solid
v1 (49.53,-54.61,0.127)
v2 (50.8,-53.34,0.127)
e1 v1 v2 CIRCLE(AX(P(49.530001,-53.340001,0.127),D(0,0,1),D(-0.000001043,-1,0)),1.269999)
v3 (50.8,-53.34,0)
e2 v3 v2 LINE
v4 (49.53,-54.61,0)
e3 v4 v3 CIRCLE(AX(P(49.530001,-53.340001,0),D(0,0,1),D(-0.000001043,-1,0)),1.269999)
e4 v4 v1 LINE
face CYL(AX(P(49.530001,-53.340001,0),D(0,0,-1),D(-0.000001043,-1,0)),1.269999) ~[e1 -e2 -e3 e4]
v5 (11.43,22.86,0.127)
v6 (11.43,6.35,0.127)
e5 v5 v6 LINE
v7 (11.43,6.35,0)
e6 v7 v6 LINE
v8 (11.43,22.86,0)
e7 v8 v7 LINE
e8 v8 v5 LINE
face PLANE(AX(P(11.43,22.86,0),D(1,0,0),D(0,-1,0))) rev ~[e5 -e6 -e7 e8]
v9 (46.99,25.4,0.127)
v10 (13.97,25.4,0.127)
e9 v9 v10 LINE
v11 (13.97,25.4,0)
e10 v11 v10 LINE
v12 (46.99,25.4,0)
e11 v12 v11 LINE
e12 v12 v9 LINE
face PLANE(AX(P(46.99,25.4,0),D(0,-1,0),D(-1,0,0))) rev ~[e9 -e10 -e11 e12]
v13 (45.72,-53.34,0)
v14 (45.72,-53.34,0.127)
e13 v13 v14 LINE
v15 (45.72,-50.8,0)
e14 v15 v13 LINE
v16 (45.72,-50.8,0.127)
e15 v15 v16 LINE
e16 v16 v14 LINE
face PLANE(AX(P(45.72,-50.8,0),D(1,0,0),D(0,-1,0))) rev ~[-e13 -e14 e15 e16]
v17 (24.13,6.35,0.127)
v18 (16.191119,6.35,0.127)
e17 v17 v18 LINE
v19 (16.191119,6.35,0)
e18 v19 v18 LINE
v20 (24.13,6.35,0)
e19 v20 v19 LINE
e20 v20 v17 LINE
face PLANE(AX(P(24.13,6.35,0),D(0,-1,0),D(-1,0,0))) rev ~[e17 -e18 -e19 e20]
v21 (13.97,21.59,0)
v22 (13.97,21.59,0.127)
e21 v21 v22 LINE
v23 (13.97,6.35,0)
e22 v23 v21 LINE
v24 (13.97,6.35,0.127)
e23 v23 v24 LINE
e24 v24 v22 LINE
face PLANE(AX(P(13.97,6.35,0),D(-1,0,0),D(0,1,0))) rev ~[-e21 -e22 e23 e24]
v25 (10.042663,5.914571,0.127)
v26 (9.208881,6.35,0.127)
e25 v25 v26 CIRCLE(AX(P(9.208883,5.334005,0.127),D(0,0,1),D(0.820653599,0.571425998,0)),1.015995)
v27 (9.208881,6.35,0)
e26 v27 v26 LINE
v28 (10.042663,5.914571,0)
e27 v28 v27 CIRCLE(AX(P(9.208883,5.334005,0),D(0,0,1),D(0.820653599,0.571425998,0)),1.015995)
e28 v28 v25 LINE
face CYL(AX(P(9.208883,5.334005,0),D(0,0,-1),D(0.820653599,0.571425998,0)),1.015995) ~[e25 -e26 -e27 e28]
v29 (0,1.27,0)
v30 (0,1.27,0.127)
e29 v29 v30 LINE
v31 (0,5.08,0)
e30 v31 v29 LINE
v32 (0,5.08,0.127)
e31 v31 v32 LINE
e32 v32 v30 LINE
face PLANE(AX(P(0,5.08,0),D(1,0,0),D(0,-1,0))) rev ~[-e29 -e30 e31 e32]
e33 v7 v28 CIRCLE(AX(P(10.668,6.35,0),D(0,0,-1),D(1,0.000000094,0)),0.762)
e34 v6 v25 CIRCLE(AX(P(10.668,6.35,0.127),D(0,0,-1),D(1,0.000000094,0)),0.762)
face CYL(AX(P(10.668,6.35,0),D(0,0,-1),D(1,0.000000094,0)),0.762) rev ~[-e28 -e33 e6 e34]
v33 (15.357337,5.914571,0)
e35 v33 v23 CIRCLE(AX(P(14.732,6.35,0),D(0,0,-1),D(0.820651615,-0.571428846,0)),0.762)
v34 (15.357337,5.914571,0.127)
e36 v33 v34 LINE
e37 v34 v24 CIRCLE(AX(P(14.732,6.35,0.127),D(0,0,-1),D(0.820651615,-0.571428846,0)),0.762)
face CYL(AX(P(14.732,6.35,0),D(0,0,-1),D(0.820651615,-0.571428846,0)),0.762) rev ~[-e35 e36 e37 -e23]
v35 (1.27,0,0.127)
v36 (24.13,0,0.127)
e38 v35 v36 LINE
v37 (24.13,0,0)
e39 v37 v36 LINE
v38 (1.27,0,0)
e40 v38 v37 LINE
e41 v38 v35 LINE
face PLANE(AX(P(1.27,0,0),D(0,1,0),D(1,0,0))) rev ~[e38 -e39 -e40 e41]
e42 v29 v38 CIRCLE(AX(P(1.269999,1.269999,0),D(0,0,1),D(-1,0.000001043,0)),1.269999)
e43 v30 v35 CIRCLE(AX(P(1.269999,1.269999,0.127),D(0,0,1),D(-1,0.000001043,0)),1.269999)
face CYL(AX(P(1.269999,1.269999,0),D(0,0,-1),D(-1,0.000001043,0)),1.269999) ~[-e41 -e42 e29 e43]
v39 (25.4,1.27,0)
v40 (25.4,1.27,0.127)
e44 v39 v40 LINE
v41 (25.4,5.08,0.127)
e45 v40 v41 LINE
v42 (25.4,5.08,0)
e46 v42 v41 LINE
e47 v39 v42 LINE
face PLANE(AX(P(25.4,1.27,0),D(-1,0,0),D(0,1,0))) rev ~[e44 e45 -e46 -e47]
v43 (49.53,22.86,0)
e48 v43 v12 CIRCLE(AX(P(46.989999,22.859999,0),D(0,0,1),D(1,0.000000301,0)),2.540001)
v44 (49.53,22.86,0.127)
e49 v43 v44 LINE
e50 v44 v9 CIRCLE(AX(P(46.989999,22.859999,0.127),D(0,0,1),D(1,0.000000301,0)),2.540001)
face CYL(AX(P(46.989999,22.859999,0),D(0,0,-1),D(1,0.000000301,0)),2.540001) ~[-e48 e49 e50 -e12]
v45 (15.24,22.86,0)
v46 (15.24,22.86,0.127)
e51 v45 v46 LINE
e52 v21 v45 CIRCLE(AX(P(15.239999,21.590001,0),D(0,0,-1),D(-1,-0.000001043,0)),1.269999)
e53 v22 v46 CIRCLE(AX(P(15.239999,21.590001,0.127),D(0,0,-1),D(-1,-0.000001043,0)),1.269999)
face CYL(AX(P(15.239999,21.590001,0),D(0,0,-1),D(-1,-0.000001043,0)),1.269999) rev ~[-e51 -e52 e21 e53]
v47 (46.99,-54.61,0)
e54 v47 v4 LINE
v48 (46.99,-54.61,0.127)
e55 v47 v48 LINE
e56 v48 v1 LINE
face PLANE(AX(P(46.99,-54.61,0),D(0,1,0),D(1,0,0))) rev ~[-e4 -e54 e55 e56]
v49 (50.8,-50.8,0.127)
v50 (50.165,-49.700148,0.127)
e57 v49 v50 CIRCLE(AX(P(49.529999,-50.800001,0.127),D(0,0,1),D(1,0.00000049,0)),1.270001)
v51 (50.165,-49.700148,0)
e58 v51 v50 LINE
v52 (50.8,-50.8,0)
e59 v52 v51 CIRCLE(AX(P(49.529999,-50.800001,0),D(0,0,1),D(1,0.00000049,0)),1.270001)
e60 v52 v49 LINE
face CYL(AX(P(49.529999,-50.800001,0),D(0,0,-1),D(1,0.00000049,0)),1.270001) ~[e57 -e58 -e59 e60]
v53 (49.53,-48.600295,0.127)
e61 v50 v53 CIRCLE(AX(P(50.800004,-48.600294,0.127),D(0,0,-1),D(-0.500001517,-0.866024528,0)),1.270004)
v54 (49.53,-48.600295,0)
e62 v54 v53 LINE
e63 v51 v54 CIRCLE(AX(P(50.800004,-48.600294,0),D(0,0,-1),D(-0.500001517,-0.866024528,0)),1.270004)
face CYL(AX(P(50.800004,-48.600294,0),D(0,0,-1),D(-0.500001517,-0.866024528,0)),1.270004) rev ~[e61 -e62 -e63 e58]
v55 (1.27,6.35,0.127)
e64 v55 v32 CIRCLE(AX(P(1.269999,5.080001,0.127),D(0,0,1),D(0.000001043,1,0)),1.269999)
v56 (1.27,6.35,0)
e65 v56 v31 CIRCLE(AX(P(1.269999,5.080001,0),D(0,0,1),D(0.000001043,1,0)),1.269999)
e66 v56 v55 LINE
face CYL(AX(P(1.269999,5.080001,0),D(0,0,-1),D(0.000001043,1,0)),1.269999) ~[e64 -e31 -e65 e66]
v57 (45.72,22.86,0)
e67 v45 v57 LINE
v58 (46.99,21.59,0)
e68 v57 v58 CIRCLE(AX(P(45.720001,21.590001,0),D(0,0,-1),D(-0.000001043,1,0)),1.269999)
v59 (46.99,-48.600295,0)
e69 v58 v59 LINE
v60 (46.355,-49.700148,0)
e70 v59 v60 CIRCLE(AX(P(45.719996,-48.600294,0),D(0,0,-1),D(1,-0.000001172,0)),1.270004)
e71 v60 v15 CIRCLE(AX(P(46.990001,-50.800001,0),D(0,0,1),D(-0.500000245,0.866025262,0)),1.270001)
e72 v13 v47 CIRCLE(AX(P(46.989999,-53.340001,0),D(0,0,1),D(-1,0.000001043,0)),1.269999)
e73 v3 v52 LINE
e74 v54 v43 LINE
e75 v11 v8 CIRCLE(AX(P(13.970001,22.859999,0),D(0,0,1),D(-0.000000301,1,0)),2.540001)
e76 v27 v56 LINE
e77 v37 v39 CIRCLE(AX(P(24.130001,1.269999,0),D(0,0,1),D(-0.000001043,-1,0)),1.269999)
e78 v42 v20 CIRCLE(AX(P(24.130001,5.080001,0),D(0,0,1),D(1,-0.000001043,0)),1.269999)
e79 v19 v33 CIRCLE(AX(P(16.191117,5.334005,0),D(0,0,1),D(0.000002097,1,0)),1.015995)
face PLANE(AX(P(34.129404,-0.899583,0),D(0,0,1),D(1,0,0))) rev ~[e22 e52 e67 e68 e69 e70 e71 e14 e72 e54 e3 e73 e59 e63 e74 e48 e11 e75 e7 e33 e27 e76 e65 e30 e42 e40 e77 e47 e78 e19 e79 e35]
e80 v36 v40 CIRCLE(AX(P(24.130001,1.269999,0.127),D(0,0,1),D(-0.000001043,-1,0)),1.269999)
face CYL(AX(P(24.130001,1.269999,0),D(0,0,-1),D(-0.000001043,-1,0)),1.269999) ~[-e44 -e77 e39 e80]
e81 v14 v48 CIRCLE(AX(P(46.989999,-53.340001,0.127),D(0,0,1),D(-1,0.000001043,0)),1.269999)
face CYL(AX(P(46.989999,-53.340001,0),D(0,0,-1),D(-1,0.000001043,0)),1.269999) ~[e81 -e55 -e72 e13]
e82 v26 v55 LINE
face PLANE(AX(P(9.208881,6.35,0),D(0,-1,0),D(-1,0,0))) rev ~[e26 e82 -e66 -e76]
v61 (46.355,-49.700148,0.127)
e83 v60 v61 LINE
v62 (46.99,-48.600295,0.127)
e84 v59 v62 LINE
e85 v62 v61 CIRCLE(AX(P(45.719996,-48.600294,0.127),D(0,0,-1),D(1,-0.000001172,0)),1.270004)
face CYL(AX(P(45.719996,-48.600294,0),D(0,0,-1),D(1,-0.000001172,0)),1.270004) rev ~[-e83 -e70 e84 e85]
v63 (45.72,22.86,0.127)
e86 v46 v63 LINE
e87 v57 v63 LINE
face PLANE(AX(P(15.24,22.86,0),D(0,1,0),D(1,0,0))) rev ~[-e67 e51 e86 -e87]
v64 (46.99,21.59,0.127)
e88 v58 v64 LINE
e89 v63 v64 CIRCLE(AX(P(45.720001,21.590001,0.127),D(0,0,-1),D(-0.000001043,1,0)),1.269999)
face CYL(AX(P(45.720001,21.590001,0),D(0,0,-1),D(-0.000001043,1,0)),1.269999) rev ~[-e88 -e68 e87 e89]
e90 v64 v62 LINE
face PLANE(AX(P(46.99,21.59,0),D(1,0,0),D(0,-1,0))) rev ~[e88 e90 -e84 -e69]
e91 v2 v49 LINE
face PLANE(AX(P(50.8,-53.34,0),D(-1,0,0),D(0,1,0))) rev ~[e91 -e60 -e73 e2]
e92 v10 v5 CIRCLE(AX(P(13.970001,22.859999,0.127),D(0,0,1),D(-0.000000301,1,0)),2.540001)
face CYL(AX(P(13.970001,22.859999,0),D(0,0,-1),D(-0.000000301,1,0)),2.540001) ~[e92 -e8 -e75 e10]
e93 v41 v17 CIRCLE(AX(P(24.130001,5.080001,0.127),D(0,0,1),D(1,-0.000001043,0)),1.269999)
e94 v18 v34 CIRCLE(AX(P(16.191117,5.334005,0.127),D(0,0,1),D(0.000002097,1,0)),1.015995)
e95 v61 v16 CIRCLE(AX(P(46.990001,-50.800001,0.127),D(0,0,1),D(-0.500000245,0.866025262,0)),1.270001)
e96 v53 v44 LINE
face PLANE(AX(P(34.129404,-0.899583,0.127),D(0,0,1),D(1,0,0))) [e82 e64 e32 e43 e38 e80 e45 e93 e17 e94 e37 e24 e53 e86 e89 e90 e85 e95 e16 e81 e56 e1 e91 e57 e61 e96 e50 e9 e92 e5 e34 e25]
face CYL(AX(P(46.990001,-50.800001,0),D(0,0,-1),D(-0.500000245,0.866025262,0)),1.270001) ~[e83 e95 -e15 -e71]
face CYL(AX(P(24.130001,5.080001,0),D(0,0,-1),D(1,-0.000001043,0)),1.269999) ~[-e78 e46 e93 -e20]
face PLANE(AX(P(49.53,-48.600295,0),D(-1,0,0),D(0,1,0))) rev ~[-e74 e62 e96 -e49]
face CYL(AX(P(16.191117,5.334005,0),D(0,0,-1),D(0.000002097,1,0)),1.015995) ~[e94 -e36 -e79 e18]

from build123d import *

# Parameters (mm, degrees)
F1_DEPTH = 0.127


with BuildPart() as f1:
    # F0 (on Top) → F1 (new body)
    with BuildSketch(Plane.XY):
        with BuildLine():
            ThreePointArc((0, 1.27), (0.371974, 0.371974), (1.27, 0))
            Line((1.27, 0), (24.13, 0))
            ThreePointArc((24.13, 0), (25.028026, 0.371974), (25.4, 1.27))
            Line((25.4, 1.27), (25.4, 5.08))
            ThreePointArc((25.4, 5.08), (25.028026, 5.978026), (24.13, 6.35))
            Line((24.13, 6.35), (16.191119, 6.35))
            ThreePointArc((16.191119, 6.35), (15.720802, 6.234588), (15.357337, 5.914571))
            ThreePointArc((15.357337, 5.914571), (14.503814, 5.622968), (13.97, 6.35))
            Line((13.97, 6.35), (13.97, 21.59))
            ThreePointArc((13.97, 21.59), (14.341974, 22.488026), (15.24, 22.86))
            Line((15.24, 22.86), (45.72, 22.86))
            ThreePointArc((45.72, 22.86), (46.618026, 22.488026), (46.99, 21.59))
            Line((46.99, 21.59), (46.99, -48.600295))
            ThreePointArc((46.99, -48.600295), (46.819852, -49.235295), (46.355, -49.700148))
            ThreePointArc((46.355, -49.700148), (45.890148, -50.165), (45.72, -50.8))
            Line((45.72, -50.8), (45.72, -53.34))
            ThreePointArc((45.72, -53.34), (46.091974, -54.238026), (46.99, -54.61))
            Line((46.99, -54.61), (49.53, -54.61))
            ThreePointArc((49.53, -54.61), (50.428026, -54.238026), (50.8, -53.34))
            Line((50.8, -53.34), (50.8, -50.8))
            ThreePointArc((50.8, -50.8), (50.629852, -50.165), (50.165, -49.700148))
            ThreePointArc((50.165, -49.700148), (49.700148, -49.235295), (49.53, -48.600295))
            Line((49.53, -48.600295), (49.53, 22.86))
            ThreePointArc((49.53, 22.86), (48.786051, 24.656051), (46.99, 25.4))
            Line((46.99, 25.4), (13.97, 25.4))
            ThreePointArc((13.97, 25.4), (12.173949, 24.656051), (11.43, 22.86))
            Line((11.43, 22.86), (11.43, 6.35))
            ThreePointArc((11.43, 6.35), (10.896186, 5.622968), (10.042663, 5.914571))
            ThreePointArc((10.042663, 5.914571), (9.679198, 6.234588), (9.208881, 6.35))
            Line((9.208881, 6.35), (1.27, 6.35))
            ThreePointArc((1.27, 6.35), (0.371974, 5.978026), (0, 5.08))
            Line((0, 5.08), (0, 1.27))
        make_face()
    extrude(amount=F1_DEPTH)


solid = f1.part
